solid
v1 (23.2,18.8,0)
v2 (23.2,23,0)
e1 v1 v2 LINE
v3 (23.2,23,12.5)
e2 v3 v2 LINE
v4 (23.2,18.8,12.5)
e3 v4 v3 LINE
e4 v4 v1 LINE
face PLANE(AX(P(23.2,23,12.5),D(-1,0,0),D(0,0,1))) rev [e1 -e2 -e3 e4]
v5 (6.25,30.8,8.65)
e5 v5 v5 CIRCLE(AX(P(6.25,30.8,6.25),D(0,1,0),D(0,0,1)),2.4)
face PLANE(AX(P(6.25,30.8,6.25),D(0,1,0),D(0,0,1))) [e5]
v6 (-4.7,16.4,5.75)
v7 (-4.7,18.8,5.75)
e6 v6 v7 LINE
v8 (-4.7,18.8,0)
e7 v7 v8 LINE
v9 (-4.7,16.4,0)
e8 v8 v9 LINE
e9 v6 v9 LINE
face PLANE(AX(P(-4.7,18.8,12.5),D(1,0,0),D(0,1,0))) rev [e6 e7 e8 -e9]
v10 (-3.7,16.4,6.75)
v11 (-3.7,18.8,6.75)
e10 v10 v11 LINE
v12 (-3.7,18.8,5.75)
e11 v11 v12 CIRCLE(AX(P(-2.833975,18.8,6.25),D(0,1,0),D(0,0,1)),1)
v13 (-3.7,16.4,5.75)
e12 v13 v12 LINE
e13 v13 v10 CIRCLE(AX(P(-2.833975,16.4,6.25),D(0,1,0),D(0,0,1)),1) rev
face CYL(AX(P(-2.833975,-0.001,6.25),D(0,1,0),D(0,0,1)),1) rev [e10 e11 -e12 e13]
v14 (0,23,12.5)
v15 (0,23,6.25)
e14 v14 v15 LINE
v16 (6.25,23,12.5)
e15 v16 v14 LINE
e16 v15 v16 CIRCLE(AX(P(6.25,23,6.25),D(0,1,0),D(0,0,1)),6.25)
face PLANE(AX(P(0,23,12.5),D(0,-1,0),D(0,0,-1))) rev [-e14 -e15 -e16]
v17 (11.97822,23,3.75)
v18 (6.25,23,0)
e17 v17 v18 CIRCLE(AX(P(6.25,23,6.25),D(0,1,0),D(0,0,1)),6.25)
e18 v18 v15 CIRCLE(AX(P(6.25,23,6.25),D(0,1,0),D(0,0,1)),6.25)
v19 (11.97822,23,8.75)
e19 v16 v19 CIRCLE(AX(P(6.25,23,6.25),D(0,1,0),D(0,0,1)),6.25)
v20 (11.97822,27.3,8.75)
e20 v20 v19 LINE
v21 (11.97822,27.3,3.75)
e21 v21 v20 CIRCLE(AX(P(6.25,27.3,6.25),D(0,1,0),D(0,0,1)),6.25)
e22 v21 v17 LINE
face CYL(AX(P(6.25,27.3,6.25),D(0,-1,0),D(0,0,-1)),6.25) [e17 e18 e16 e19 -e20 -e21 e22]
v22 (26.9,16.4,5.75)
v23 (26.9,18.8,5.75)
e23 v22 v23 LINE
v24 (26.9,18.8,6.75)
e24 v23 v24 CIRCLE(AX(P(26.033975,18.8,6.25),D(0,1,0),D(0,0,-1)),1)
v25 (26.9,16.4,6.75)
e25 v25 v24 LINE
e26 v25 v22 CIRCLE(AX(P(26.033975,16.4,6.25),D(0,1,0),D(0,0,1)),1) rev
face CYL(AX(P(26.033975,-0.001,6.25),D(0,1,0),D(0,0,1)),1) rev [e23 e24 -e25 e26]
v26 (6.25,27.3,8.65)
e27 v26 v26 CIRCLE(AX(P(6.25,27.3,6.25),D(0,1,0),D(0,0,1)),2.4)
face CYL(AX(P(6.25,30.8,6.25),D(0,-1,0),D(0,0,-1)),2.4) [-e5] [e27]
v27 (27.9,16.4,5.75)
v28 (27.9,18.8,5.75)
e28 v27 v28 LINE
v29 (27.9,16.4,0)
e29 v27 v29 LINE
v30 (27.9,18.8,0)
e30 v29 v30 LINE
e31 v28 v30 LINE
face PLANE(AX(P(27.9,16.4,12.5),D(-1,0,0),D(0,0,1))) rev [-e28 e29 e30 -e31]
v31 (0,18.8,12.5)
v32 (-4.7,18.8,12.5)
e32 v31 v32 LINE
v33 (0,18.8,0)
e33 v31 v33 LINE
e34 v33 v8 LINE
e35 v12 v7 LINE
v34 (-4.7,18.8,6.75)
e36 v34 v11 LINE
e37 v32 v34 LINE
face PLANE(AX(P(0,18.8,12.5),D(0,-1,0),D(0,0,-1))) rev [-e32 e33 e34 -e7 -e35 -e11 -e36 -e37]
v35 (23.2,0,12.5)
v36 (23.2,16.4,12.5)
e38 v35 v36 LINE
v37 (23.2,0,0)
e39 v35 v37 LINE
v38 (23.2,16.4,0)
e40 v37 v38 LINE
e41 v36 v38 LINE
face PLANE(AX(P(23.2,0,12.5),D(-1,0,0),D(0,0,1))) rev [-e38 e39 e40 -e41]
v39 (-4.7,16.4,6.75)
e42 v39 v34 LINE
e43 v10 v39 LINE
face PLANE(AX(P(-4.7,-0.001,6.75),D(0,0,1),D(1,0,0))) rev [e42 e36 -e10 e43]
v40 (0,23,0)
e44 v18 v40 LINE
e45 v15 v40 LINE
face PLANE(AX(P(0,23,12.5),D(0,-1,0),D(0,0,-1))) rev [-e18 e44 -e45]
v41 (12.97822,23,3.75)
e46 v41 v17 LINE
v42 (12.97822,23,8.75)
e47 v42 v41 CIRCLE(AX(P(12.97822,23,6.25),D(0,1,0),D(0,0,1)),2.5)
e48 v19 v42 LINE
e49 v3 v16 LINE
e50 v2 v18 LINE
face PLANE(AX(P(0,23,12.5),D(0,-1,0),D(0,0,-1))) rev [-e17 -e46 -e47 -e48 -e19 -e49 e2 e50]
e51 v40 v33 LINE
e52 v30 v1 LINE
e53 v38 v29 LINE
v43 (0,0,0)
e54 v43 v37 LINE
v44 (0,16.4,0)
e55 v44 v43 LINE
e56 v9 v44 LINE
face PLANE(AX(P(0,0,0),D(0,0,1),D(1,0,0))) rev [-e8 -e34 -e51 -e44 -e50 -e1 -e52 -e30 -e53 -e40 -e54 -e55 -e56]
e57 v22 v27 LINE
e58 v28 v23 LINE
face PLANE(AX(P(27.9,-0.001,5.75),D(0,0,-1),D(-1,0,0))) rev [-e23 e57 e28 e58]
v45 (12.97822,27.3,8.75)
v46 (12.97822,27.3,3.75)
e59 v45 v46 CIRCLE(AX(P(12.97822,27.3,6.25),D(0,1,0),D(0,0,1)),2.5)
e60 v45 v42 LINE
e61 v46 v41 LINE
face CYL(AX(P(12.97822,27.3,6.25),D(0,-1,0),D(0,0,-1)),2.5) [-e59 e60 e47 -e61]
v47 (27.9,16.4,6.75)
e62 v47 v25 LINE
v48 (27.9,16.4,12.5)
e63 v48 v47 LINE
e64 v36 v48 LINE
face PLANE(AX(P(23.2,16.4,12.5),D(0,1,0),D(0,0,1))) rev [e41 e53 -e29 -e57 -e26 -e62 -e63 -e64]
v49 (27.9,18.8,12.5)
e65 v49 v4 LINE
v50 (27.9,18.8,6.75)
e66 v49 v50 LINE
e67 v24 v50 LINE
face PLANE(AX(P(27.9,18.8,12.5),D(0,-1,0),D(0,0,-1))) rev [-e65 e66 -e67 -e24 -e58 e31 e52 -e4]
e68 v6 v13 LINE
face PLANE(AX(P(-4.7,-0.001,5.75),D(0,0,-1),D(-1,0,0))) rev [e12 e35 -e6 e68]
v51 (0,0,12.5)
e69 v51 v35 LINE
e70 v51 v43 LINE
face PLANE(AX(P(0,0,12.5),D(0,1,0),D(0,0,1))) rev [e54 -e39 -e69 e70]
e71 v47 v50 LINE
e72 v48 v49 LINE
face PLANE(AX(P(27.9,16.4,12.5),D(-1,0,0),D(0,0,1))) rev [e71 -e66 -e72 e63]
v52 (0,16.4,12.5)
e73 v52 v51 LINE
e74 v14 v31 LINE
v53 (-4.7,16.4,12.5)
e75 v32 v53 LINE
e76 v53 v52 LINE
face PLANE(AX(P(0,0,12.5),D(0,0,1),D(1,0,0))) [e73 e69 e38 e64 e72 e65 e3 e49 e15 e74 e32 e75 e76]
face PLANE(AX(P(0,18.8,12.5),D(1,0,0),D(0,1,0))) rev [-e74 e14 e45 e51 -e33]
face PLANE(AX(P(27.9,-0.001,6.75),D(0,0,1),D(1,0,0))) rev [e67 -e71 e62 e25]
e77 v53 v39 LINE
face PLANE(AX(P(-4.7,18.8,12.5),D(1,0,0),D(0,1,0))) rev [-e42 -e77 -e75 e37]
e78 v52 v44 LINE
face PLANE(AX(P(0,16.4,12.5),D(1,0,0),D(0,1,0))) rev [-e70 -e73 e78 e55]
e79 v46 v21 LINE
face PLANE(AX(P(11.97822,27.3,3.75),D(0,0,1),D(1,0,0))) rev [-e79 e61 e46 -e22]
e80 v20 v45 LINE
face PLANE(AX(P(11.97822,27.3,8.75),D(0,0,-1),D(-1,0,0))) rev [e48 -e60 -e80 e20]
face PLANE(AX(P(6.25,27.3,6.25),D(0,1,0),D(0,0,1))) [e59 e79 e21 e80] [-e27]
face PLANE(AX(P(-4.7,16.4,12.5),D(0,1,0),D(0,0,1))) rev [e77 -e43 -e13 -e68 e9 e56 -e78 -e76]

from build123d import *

# Parameters (mm, degrees)
BOSS_EXTRUDE1_DEPTH = 12.5
BOSS_EXTRUDE2_DEPTH = 4.3
SKETCH4_R           = 2.4
BOSS_EXTRUDE3_DEPTH = 3.5
CUT_EXTRUDE1_REACH  = 37.89


with BuildPart() as part:
    # Sketch1 → Boss-Extrude1 (new body)
    with BuildSketch(Plane.XY):
        Polygon((0, 0), (23.2, 0), (23.2, 16.4), (27.9, 16.4), (27.9, 18.8), (23.2, 18.8), (23.2, 23), (0, 23), (0, 18.8), (-4.7, 18.8), (-4.7, 16.4), (0, 16.4), align=None)
    extrude(amount=BOSS_EXTRUDE1_DEPTH)

    # Sketch3 → Boss-Extrude2 (add)
    with BuildSketch(Plane(origin=(0, 23, 0), x_dir=(1, 0, 0), z_dir=(0, 1, 0))):
        with BuildLine():
            Line((11.978219619, -8.75), (12.978219619, -8.75))
            ThreePointArc((12.978219619, -8.75), (15.478219619, -6.25), (12.978219619, -3.75))
            Line((12.978219619, -3.75), (11.978219619, -3.75))
            ThreePointArc((11.978219619, -3.75), (0, -6.25), (11.978219619, -8.75))
        make_face()
    extrude(amount=BOSS_EXTRUDE2_DEPTH)

    # Sketch4 → Boss-Extrude3 (add)
    with BuildSketch(Plane(origin=(0, 27.3, 0), x_dir=(1, 0, 0), z_dir=(0, 1, 0))):
        with Locations(Location((6.25, -6.25, 0), (0, 0, 270))):
            Circle(SKETCH4_R)
    extrude(amount=BOSS_EXTRUDE3_DEPTH)

    # Sketch2 → Cut-Extrude1 (cut, up to next)
    with BuildSketch(Plane(origin=(0, 18.8, 0), x_dir=(1, 0, 0), z_dir=(0, 1, 0)), mode=Mode.PRIVATE) as cut_extrude1_sk1:
        with BuildLine():
            Line((27.9, -6.75), (27.9, -5.75))
            Line((27.9, -5.75), (26.9, -5.75))
            ThreePointArc((26.9, -5.75), (25.033974596, -6.25), (26.9, -6.75))
            Line((26.9, -6.75), (27.9, -6.75))
        make_face()
    cut_extrude1_tool1 = extrude(cut_extrude1_sk1.sketch, amount=-CUT_EXTRUDE1_REACH, mode=Mode.PRIVATE) & part.part
    # Sketch2 → Cut-Extrude1 (cut, up to next)
    with BuildSketch(Plane(origin=(0, 18.8, 0), x_dir=(1, 0, 0), z_dir=(0, 1, 0)), mode=Mode.PRIVATE) as cut_extrude1_sk2:
        with BuildLine():
            Line((-4.7, -6.75), (-3.7, -6.75))
            ThreePointArc((-3.7, -6.75), (-1.833974596, -6.25), (-3.7, -5.75))
            Line((-3.7, -5.75), (-4.7, -5.75))
            Line((-4.7, -5.75), (-4.7, -6.75))
        make_face()
    cut_extrude1_tool2 = extrude(cut_extrude1_sk2.sketch, amount=-CUT_EXTRUDE1_REACH, mode=Mode.PRIVATE) & part.part
    add(cut_extrude1_tool1.solids().sort_by_distance((26.35061, 18.8, 6.25))[0], mode=Mode.SUBTRACT)
    add(cut_extrude1_tool2.solids().sort_by_distance((-3.15061, 18.8, 6.25))[0], mode=Mode.SUBTRACT)


solid = part.part
